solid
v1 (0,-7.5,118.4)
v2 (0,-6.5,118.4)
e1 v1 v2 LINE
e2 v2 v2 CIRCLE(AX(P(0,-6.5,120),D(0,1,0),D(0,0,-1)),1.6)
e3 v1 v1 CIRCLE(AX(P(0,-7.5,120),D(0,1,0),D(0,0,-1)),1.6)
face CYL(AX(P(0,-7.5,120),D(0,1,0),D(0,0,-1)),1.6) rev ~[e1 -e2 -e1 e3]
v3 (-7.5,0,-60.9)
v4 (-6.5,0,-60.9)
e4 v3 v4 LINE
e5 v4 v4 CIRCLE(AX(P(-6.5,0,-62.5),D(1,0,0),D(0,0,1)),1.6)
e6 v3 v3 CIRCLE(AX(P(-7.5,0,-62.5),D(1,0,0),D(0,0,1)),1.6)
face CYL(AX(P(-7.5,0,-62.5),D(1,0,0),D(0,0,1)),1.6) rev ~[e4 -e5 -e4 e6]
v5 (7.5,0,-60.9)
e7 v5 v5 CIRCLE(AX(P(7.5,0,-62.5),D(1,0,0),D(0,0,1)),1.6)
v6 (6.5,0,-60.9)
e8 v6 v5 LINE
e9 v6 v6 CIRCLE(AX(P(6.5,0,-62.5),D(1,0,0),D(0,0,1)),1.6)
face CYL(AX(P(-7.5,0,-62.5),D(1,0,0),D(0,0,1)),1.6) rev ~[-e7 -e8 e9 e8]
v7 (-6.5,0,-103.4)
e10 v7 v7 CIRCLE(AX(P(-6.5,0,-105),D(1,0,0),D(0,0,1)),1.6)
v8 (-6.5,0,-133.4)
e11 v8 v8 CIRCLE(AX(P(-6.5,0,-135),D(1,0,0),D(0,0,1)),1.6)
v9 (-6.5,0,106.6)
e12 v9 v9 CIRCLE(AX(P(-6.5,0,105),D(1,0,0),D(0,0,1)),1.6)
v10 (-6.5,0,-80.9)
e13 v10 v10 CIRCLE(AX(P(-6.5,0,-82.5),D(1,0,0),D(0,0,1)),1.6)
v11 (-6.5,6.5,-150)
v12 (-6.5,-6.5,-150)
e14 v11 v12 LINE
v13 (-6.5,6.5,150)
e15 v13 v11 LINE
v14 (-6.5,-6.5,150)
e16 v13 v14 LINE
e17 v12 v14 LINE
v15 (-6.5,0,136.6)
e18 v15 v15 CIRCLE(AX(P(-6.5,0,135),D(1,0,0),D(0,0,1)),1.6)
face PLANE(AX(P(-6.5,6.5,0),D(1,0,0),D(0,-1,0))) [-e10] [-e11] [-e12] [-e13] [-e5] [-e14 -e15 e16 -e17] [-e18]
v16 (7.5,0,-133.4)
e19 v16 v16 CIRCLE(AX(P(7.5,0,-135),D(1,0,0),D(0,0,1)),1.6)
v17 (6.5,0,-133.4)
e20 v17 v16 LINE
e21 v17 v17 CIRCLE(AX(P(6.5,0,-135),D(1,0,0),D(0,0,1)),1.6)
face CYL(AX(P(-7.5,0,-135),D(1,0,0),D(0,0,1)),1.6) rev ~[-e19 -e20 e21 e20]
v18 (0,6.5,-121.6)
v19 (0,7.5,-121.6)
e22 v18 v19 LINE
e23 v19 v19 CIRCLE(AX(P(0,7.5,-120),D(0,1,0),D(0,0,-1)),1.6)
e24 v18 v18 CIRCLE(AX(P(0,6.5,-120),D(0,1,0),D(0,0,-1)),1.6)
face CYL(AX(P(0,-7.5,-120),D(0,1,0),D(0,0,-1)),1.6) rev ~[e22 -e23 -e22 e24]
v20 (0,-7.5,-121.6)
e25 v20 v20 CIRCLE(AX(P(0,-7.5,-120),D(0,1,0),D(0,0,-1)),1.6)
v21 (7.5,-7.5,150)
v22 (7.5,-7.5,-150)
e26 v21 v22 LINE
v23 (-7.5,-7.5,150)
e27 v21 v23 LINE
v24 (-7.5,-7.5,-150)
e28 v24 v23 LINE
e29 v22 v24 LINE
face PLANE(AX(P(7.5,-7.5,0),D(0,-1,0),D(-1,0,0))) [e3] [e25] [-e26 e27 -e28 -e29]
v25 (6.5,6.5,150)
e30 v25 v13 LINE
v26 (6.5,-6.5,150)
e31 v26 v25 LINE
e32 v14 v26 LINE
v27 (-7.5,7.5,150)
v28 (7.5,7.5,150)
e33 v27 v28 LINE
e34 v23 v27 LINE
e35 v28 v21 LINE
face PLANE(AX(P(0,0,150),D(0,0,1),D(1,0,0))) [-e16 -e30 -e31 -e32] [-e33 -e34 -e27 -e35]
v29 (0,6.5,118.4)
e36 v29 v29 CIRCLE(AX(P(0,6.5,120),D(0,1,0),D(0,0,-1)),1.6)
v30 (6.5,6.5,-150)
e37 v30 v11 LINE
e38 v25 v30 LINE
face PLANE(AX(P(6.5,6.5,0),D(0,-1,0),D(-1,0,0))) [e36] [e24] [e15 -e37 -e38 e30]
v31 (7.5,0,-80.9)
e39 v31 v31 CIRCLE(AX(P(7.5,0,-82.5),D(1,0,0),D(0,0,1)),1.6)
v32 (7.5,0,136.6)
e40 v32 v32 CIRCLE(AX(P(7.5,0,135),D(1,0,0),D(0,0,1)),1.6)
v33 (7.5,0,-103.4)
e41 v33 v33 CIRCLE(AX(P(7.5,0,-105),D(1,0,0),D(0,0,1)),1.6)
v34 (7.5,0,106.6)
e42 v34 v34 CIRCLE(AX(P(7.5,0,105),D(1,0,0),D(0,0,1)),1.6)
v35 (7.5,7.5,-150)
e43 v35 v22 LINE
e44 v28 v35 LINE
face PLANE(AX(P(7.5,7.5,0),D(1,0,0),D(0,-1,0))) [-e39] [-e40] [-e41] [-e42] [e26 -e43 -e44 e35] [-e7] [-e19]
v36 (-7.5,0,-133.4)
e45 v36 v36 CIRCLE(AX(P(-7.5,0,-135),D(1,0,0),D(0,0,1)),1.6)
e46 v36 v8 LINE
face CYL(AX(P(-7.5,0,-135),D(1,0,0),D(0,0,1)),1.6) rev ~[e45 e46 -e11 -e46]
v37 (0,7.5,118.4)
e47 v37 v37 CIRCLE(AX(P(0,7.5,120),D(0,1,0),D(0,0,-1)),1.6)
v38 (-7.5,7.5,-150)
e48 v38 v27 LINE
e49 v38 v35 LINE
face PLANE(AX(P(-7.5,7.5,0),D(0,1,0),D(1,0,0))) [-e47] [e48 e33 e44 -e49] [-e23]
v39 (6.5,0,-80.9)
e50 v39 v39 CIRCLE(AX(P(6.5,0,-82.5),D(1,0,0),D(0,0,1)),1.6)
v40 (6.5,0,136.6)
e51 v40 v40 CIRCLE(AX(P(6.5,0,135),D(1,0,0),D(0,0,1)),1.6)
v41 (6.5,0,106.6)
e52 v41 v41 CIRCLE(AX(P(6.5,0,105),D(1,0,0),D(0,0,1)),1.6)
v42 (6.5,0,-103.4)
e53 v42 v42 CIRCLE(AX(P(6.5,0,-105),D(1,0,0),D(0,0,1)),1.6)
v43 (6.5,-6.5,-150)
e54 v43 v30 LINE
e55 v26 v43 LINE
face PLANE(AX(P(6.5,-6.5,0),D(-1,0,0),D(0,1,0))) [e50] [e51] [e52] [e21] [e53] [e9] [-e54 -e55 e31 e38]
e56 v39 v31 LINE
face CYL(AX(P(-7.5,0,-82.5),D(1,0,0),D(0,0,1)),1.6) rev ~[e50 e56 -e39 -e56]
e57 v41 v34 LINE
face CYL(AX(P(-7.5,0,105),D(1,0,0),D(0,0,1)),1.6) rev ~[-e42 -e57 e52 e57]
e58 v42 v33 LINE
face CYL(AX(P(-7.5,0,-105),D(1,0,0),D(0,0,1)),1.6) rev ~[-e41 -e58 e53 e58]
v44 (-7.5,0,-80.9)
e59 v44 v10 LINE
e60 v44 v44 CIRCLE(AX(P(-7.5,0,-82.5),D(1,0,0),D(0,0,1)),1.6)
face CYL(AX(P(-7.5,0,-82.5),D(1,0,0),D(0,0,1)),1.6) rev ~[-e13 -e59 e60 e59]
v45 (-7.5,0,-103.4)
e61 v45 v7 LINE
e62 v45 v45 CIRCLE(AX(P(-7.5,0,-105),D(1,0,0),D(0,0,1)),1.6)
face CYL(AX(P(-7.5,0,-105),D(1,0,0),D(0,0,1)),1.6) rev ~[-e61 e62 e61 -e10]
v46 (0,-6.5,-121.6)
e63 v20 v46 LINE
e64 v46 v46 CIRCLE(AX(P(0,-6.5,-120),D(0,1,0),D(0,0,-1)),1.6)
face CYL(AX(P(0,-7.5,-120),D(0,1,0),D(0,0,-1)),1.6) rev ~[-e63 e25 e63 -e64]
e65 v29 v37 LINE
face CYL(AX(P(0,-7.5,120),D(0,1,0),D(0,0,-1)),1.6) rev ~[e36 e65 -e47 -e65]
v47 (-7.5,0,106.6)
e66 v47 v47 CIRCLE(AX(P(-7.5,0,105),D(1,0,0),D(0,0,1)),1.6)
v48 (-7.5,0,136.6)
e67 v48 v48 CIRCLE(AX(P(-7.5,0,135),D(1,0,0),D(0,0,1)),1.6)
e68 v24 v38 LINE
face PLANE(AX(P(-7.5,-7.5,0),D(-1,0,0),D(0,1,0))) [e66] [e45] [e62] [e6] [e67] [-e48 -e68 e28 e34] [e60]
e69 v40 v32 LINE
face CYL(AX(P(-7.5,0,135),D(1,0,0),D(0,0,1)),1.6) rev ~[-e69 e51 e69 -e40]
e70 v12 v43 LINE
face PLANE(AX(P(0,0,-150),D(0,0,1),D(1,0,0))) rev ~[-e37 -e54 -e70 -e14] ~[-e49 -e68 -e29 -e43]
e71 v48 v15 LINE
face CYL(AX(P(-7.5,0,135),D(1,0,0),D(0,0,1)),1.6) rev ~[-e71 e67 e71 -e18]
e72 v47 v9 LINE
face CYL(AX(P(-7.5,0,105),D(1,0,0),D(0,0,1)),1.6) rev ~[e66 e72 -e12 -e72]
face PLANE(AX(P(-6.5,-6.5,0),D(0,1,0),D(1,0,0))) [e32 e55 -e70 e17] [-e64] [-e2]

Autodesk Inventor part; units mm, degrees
ref_plane "YZ Plane" through (0, 0, 0) normal (1, 0, 0) x (0, 1, 0)
ref_plane "XZ Plane" through (0, 0, 0) normal (0, 1, 0) x (-1, 0, 0)
ref_plane "XY Plane" through (0, 0, 0) normal (0, 0, 1) x (1, 0, 0)
sketch "スケッチ1" plane through (0, 0, 0) normal (0, 0, 1) x (1, 0, 0)
  line L0 (-7.5, 7.5) -> (7.5, 7.5)
  line L1 (7.5, 7.5) -> (7.5, -7.5)
  line L2 (7.5, -7.5) -> (-7.5, -7.5)
  line L3 (-7.5, -7.5) -> (-7.5, 7.5)
  line L4 (-7.5, 7.5) -> (7.5, -7.5) construction
  line L5 (7.5, 7.5) -> (-7.5, -7.5) construction
  line L6 (-6.5, -6.5) -> (6.5, -6.5)
  line L7 (6.5, -6.5) -> (6.5, 6.5)
  line L8 (6.5, 6.5) -> (-6.5, 6.5)
  line L9 (-6.5, 6.5) -> (-6.5, -6.5)
  point P0 (0, 0)
  dimension "d0" = 15
  dimension "d1" = 15
extrude "押し出し1" add sketch "スケッチ1" along normal mid plane 300
sketch "スケッチ2" plane through (-7.5, -7.5, 150) normal (0, -1, 0) x (1, 0, 0)
  line L0 (7.5, -270) -> (7.5, -30)
  point P0 (7.5, -150)
  point P1 (7.5, -150)
  dimension "d4" = 240
hole "穴1" at (0, -7.5, 120) at (0, -7.5, -120) direction (0, 1, 0) diameter 3.2 end through all
sketch "スケッチ3" plane through (-7.5, -7.5, 150) normal (-1, 0, 0) x (0, 0, 1)
  line L0 (-285, 7.5) -> (-15, 7.5)
  line L1 (-259.5, -0.1) -> (-259.5, -80.1) projected
  point P0 (-150, 7.5)
  point P1 (-150, 7.5)
  point P2 (-45, 7.5)
  point P3 (-255, 7.5)
  point P4 (-232.5, 7.5)
  point P5 (-212.5, 7.5)
  dimension "d12" = 270
  dimension "d21" = 30
  dimension "d22" = 30
  dimension "d23" = 20
  dimension "d24" = 27
hole "穴2" at (-7.5, 0, -135) at (-7.5, 0, 135) at (-7.5, 0, -105) at (-7.5, 0, 105) at (-7.5, 0, -62.5) at (-7.5, 0, -82.5) direction (1, 0, 0) diameter 3.2 end through all
equation "\"d22\" = d21"
properties part number "回路角柱"
